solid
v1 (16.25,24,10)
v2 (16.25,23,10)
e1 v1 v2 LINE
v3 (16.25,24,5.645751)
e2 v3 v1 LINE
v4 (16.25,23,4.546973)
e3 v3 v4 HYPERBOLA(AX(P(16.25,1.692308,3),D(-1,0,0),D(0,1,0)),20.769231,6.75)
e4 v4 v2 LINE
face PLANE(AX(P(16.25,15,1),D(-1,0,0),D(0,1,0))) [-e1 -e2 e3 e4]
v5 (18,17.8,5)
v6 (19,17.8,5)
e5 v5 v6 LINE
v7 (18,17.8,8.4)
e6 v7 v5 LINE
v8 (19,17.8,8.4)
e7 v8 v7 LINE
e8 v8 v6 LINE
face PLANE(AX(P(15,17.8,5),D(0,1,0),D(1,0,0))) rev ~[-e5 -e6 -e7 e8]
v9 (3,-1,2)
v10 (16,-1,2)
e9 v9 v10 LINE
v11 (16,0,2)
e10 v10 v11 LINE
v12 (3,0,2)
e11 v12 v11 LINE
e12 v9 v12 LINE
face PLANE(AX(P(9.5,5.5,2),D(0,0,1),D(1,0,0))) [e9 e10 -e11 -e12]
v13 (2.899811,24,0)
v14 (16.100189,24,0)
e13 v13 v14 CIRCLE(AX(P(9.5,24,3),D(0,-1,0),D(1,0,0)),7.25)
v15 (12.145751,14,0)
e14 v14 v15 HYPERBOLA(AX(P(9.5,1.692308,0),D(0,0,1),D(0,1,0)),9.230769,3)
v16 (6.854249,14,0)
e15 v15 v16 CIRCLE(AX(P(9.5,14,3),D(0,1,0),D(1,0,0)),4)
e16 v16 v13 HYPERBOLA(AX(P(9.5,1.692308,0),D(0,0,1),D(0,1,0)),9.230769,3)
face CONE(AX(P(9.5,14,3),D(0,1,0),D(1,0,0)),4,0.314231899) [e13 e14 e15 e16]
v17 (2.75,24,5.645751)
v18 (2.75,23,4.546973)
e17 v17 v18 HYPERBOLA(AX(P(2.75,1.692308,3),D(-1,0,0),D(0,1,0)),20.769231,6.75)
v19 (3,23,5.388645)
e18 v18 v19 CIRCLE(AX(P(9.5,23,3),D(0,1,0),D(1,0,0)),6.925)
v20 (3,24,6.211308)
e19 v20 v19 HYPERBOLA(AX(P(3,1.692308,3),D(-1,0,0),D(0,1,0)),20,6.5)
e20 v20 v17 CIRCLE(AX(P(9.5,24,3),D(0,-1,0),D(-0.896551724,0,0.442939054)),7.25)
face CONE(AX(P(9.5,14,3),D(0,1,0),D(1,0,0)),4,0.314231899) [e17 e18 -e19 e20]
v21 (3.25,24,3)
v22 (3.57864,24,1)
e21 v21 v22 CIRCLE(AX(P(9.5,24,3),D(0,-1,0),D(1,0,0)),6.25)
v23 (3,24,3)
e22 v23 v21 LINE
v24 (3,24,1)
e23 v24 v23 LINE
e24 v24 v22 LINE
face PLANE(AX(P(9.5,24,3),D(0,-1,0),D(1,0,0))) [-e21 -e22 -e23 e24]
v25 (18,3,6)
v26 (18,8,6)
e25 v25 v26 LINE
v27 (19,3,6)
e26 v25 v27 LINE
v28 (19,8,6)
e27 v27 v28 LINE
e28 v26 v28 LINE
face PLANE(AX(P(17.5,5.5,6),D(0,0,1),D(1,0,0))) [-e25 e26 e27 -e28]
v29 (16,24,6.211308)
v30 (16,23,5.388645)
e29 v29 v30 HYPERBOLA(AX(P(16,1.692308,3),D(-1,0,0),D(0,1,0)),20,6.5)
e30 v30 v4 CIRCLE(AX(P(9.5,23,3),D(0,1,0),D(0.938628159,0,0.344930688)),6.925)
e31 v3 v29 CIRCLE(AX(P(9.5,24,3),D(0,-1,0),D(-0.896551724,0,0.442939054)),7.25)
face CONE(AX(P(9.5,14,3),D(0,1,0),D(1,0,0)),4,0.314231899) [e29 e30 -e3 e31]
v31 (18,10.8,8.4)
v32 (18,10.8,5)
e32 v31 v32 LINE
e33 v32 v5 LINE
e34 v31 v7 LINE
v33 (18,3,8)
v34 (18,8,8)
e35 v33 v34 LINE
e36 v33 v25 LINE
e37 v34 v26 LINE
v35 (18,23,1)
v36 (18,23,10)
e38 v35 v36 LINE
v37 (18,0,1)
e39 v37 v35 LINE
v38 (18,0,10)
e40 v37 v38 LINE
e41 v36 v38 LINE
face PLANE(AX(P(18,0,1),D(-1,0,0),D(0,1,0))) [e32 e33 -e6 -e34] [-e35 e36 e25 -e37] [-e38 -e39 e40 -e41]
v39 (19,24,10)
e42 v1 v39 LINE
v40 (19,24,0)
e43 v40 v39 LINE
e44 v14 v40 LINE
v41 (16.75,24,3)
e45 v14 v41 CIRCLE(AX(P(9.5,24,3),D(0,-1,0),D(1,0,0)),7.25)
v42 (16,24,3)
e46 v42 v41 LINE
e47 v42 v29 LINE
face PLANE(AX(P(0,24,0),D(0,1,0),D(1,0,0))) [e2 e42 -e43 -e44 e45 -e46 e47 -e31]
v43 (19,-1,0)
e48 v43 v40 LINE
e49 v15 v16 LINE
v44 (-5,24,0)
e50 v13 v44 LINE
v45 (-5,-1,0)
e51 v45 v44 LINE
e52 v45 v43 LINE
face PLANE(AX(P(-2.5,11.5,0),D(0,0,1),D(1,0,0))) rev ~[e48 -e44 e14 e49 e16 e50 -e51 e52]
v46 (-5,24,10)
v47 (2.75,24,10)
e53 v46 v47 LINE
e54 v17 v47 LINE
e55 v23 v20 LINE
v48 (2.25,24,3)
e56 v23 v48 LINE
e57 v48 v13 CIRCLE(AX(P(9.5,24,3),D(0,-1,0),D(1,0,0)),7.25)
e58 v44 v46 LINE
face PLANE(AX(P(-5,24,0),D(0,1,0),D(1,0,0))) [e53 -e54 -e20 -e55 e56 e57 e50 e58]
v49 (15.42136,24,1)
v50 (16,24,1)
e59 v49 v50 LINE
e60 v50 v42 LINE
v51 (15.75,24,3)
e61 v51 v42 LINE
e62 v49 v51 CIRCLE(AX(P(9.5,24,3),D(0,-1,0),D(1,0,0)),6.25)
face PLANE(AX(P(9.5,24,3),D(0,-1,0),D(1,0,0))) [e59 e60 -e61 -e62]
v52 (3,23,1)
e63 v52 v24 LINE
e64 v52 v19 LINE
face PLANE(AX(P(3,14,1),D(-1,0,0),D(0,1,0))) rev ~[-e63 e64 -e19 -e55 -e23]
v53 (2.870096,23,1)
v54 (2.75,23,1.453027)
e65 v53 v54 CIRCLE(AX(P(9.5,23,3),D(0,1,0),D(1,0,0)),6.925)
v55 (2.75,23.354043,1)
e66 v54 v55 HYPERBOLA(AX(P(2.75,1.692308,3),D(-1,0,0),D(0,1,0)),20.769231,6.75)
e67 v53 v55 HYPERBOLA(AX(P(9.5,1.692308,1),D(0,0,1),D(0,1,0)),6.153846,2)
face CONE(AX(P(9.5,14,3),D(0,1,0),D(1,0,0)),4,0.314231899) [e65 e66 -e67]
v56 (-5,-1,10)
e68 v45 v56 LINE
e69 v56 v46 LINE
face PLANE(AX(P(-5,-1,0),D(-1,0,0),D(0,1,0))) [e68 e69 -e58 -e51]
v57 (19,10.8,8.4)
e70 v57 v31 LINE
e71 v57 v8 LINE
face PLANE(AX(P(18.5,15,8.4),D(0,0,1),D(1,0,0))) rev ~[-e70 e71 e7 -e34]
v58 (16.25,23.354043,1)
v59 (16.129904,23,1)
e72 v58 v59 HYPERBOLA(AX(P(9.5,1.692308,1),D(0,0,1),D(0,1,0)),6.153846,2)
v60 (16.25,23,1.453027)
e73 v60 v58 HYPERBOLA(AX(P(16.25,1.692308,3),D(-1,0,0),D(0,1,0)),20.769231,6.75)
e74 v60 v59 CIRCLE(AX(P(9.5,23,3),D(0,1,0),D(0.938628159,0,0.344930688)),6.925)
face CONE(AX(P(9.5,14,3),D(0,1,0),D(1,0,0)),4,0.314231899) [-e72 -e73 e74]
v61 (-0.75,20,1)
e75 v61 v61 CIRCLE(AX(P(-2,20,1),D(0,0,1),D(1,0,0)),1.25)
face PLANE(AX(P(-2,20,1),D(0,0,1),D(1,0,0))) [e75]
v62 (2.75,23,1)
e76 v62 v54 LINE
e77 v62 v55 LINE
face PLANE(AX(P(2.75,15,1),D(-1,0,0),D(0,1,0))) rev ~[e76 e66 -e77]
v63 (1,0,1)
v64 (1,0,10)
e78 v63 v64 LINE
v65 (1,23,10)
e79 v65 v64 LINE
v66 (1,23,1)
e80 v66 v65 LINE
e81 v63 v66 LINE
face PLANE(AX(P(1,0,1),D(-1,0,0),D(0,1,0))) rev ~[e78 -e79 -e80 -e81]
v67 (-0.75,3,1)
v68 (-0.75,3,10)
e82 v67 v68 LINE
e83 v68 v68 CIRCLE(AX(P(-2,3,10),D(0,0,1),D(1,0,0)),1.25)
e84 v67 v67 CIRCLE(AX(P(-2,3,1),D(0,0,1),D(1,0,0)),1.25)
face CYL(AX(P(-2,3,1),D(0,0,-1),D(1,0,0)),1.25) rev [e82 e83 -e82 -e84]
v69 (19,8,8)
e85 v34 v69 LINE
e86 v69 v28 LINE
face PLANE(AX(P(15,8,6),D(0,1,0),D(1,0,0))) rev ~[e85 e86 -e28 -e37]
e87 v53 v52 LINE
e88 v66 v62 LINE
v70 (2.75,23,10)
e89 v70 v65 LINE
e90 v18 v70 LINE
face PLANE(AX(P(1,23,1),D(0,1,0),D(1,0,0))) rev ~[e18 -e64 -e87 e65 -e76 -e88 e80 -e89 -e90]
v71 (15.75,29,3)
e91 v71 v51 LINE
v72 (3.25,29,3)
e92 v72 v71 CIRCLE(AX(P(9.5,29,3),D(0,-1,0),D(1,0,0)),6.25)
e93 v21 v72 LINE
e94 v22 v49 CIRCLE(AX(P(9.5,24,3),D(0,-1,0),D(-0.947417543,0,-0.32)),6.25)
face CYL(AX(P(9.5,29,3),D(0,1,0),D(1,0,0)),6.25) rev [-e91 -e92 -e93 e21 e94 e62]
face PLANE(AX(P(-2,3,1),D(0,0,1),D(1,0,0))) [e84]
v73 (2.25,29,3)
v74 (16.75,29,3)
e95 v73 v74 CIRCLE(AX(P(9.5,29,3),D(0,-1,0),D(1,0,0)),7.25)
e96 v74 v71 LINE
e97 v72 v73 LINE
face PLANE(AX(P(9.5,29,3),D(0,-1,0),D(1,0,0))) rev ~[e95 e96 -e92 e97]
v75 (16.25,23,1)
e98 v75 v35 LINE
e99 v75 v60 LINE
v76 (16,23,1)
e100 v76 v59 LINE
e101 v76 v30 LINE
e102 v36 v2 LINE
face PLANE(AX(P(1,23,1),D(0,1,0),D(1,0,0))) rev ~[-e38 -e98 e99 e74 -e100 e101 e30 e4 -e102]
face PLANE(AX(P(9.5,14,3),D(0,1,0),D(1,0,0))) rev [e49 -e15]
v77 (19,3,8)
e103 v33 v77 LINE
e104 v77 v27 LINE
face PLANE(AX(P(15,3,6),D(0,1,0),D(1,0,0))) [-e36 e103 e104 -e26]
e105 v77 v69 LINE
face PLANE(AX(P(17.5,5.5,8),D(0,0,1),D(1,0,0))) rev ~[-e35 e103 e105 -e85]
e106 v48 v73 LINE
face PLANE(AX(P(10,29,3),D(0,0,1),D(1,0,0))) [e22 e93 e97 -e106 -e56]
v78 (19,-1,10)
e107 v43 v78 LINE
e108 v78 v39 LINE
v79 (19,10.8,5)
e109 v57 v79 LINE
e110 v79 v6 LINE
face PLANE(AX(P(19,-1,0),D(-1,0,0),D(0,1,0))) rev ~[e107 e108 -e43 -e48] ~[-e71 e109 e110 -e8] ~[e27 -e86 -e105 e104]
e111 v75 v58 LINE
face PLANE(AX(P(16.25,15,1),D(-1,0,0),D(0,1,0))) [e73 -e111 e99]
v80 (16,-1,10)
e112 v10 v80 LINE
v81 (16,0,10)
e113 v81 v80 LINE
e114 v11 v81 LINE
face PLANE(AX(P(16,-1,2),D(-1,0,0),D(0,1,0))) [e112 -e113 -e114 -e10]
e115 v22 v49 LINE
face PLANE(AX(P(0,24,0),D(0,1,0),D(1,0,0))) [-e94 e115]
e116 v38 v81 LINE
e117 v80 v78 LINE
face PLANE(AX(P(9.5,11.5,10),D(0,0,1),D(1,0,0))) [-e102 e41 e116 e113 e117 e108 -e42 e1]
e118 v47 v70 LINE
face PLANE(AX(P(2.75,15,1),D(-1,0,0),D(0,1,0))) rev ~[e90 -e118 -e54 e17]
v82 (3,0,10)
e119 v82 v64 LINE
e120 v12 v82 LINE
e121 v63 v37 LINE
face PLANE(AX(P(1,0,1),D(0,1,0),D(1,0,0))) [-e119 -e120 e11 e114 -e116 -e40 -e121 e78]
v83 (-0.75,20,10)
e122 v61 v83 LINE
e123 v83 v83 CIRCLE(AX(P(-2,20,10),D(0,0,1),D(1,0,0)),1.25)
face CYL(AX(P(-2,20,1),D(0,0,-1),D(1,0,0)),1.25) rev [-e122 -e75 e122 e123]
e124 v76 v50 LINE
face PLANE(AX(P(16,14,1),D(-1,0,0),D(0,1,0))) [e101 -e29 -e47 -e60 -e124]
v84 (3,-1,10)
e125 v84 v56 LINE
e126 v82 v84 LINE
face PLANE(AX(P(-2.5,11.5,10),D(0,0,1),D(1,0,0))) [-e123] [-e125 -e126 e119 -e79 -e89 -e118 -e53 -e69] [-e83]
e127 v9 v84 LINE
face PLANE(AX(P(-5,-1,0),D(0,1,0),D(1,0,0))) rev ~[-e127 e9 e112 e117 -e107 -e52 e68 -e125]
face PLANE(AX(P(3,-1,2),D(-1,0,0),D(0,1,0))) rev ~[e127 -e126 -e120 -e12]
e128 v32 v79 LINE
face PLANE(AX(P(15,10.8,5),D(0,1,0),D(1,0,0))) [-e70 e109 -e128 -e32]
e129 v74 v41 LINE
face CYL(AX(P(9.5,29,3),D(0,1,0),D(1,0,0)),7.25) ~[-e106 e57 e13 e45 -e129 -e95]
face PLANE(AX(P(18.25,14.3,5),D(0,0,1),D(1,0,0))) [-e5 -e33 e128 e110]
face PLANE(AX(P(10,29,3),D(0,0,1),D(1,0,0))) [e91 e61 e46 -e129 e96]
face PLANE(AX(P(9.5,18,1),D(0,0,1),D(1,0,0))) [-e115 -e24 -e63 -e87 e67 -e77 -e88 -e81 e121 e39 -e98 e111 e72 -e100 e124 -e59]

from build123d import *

# Parameters (mm, degrees)
CYLINDER003_R     = 1.25
CYLINDER003_DEPTH = 9
CYLINDER002_R     = 1.25
CYLINDER002_DEPTH = 9
BOX008_W          = 5
BOX008_H          = 25
BOX008_DEPTH      = 10
BOX009_W          = 5
BOX009_H          = 5
BOX009_DEPTH      = 2
BOX005_W          = 20
BOX005_H          = 10
BOX005_DEPTH      = 10
CYLINDER_R        = 6.25
CYLINDER_DEPTH    = 5
CYLINDER001_R     = 7.25
CYLINDER001_DEPTH = 5
BOX004_W          = 6.5
BOX004_H          = 7
BOX004_DEPTH      = 10
BOX002_W          = 13.5
BOX002_H          = 10
BOX002_DEPTH      = 12
BOX003_W          = 13
BOX003_H          = 13
BOX003_DEPTH      = 12
BOX_W             = 17
BOX_H             = 23
BOX_DEPTH         = 12
BOX001_W          = 19
BOX001_H          = 25
BOX001_DEPTH      = 10
BOX007_W          = 13
BOX007_H          = 10
BOX007_DEPTH      = 10
BOX006_W          = 15
BOX006_H          = 10
BOX006_DEPTH      = 10
BOX010_W          = 1
BOX010_H          = 10
BOX010_DEPTH      = 1.6


with BuildPart() as cylinder003:
    # Cylinder003 → Cylinder003 (new body)
    with BuildSketch(Plane(origin=(-2, 20, 1), x_dir=(1, 0, 0), z_dir=(0, 0, 1))):
        Circle(CYLINDER003_R)
    extrude(amount=CYLINDER003_DEPTH)


with BuildPart() as cylinder002:
    # Cylinder002 → Cylinder002 (new body)
    with BuildSketch(Plane(origin=(-2, 3, 1), x_dir=(1, 0, 0), z_dir=(0, 0, 1))):
        Circle(CYLINDER002_R)
    extrude(amount=CYLINDER002_DEPTH)


with BuildPart() as cube008:
    # Box008 → Box008 (new body)
    with BuildSketch(Plane(origin=(-5, -1, 0), x_dir=(1, 0, 0), z_dir=(0, 0, 1))):
        with Locations((2.5, 12.5)):
            Rectangle(BOX008_W, BOX008_H)
    extrude(amount=BOX008_DEPTH)


with BuildPart() as cube009:
    # Box009 → Box009 (new body)
    with BuildSketch(Plane(origin=(15, 3, 6), x_dir=(1, 0, 0), z_dir=(0, 0, 1))):
        with Locations((2.5, 2.5)):
            Rectangle(BOX009_W, BOX009_H)
    extrude(amount=BOX009_DEPTH)


with BuildPart() as cube005:
    # Box005 → Box005 (new body)
    with BuildSketch(Plane(origin=(0, 24, 3), x_dir=(1, 0, 0), z_dir=(0, 0, 1))):
        with Locations((10, 5)):
            Rectangle(BOX005_W, BOX005_H)
    extrude(amount=BOX005_DEPTH)


with BuildPart() as cylinder:
    # Cylinder → Cylinder (new body)
    with BuildSketch(Plane(origin=(9.5, 29, 3), x_dir=(1, 0, 0), z_dir=(0, -1, 0))):
        Circle(CYLINDER_R)
    extrude(amount=CYLINDER_DEPTH)


with BuildPart() as cut005:
    # Cylinder001 → Cylinder001 (new body)
    with BuildSketch(Plane(origin=(9.5, 29, 3), x_dir=(1, 0, 0), z_dir=(0, -1, 0))):
        Circle(CYLINDER001_R)
    extrude(amount=CYLINDER001_DEPTH)

    # Cut004: cut Cylinder
    add(cylinder.part, mode=Mode.SUBTRACT)

    # Cut005: cut Cube005
    add(cube005.part, mode=Mode.SUBTRACT)


with BuildPart() as cube004:
    # Box004 → Box004 (new body)
    with BuildSketch(Plane(origin=(15, 10.8, 5), x_dir=(1, 0, 0), z_dir=(0, 0, 1))):
        with Locations((3.25, 3.5)):
            Rectangle(BOX004_W, BOX004_H)
    extrude(amount=BOX004_DEPTH)


with BuildPart() as cube002:
    # Box002 → Box002 (new body)
    with BuildSketch(Plane(origin=(2.75, 15, 1), x_dir=(1, 0, 0), z_dir=(0, 0, 1))):
        with Locations((6.75, 5)):
            Rectangle(BOX002_W, BOX002_H)
    extrude(amount=BOX002_DEPTH)


with BuildPart() as cube003:
    # Box003 → Box003 (new body)
    with BuildSketch(Plane(origin=(3, -1, 2), x_dir=(1, 0, 0), z_dir=(0, 0, 1))):
        with Locations((6.5, 6.5)):
            Rectangle(BOX003_W, BOX003_H)
    extrude(amount=BOX003_DEPTH)


with BuildPart() as cube:
    # Box → Box (new body)
    with BuildSketch(Plane(origin=(1, 0, 1), x_dir=(1, 0, 0), z_dir=(0, 0, 1))):
        with Locations((8.5, 11.5)):
            Rectangle(BOX_W, BOX_H)
    extrude(amount=BOX_DEPTH)


with BuildPart() as fusion:
    # Box001 → Box001 (new body)
    with BuildSketch(Plane(origin=(0, -1, 0), x_dir=(1, 0, 0), z_dir=(0, 0, 1))):
        with Locations((9.5, 12.5)):
            Rectangle(BOX001_W, BOX001_H)
    extrude(amount=BOX001_DEPTH)

    # Cut: cut Cube
    add(cube.part, mode=Mode.SUBTRACT)

    # Cut001: cut Cube003
    add(cube003.part, mode=Mode.SUBTRACT)

    # Cut002: cut Cube002
    add(cube002.part, mode=Mode.SUBTRACT)

    # Cut003: cut Cube004
    add(cube004.part, mode=Mode.SUBTRACT)

    # Fusion: union Cut005
    add(cut005.part)


with BuildPart() as cube007:
    # Box007 → Box007 (new body)
    with BuildSketch(Plane(origin=(3, 14, 1), x_dir=(1, 0, 0), z_dir=(0, 0, 1))):
        with Locations((6.5, 5)):
            Rectangle(BOX007_W, BOX007_H)
    extrude(amount=BOX007_DEPTH)


with BuildPart() as cube006:
    # Box006 → Box006 (new body)
    with BuildSketch(Plane(origin=(2, 13, 1), x_dir=(1, 0, 0), z_dir=(0, 0, 1))):
        with Locations((7.5, 5)):
            Rectangle(BOX006_W, BOX006_H)
    extrude(amount=BOX006_DEPTH)


with BuildPart() as cut010:
    # Cone → Cone (revolve)
    with BuildSketch(Plane(origin=(9.5, 14, 3), x_dir=(1, 0, 0), z_dir=(0, 0, 1))):
        Polygon((0, 0), (4, 0), (7.25, 10), (0, 10), align=None)
    revolve(axis=Axis((9.5, 14, 3), (0, 1, 0)))

    # Cut006: cut Cube006
    add(cube006.part, mode=Mode.SUBTRACT)

    # Cut007: cut Cube007
    add(cube007.part, mode=Mode.SUBTRACT)

    # Fusion001: union Fusion
    add(fusion.part)

    # Cut008: cut Cube009
    add(cube009.part, mode=Mode.SUBTRACT)

    # Fusion002: union Cube008
    add(cube008.part)

    # Cut009: cut Cylinder002
    add(cylinder002.part, mode=Mode.SUBTRACT)

    # Cut010: cut Cylinder003
    add(cylinder003.part, mode=Mode.SUBTRACT)


with BuildPart() as fusion003:
    # Box010 → Box010 (new body)
    with BuildSketch(Plane(origin=(18, 10, 8.4), x_dir=(1, 0, 0), z_dir=(0, 0, 1))):
        with Locations((0.5, 5)):
            Rectangle(BOX010_W, BOX010_H)
    extrude(amount=BOX010_DEPTH)

    # Fusion003: union Cut010
    add(cut010.part)


solid = fusion003.part
